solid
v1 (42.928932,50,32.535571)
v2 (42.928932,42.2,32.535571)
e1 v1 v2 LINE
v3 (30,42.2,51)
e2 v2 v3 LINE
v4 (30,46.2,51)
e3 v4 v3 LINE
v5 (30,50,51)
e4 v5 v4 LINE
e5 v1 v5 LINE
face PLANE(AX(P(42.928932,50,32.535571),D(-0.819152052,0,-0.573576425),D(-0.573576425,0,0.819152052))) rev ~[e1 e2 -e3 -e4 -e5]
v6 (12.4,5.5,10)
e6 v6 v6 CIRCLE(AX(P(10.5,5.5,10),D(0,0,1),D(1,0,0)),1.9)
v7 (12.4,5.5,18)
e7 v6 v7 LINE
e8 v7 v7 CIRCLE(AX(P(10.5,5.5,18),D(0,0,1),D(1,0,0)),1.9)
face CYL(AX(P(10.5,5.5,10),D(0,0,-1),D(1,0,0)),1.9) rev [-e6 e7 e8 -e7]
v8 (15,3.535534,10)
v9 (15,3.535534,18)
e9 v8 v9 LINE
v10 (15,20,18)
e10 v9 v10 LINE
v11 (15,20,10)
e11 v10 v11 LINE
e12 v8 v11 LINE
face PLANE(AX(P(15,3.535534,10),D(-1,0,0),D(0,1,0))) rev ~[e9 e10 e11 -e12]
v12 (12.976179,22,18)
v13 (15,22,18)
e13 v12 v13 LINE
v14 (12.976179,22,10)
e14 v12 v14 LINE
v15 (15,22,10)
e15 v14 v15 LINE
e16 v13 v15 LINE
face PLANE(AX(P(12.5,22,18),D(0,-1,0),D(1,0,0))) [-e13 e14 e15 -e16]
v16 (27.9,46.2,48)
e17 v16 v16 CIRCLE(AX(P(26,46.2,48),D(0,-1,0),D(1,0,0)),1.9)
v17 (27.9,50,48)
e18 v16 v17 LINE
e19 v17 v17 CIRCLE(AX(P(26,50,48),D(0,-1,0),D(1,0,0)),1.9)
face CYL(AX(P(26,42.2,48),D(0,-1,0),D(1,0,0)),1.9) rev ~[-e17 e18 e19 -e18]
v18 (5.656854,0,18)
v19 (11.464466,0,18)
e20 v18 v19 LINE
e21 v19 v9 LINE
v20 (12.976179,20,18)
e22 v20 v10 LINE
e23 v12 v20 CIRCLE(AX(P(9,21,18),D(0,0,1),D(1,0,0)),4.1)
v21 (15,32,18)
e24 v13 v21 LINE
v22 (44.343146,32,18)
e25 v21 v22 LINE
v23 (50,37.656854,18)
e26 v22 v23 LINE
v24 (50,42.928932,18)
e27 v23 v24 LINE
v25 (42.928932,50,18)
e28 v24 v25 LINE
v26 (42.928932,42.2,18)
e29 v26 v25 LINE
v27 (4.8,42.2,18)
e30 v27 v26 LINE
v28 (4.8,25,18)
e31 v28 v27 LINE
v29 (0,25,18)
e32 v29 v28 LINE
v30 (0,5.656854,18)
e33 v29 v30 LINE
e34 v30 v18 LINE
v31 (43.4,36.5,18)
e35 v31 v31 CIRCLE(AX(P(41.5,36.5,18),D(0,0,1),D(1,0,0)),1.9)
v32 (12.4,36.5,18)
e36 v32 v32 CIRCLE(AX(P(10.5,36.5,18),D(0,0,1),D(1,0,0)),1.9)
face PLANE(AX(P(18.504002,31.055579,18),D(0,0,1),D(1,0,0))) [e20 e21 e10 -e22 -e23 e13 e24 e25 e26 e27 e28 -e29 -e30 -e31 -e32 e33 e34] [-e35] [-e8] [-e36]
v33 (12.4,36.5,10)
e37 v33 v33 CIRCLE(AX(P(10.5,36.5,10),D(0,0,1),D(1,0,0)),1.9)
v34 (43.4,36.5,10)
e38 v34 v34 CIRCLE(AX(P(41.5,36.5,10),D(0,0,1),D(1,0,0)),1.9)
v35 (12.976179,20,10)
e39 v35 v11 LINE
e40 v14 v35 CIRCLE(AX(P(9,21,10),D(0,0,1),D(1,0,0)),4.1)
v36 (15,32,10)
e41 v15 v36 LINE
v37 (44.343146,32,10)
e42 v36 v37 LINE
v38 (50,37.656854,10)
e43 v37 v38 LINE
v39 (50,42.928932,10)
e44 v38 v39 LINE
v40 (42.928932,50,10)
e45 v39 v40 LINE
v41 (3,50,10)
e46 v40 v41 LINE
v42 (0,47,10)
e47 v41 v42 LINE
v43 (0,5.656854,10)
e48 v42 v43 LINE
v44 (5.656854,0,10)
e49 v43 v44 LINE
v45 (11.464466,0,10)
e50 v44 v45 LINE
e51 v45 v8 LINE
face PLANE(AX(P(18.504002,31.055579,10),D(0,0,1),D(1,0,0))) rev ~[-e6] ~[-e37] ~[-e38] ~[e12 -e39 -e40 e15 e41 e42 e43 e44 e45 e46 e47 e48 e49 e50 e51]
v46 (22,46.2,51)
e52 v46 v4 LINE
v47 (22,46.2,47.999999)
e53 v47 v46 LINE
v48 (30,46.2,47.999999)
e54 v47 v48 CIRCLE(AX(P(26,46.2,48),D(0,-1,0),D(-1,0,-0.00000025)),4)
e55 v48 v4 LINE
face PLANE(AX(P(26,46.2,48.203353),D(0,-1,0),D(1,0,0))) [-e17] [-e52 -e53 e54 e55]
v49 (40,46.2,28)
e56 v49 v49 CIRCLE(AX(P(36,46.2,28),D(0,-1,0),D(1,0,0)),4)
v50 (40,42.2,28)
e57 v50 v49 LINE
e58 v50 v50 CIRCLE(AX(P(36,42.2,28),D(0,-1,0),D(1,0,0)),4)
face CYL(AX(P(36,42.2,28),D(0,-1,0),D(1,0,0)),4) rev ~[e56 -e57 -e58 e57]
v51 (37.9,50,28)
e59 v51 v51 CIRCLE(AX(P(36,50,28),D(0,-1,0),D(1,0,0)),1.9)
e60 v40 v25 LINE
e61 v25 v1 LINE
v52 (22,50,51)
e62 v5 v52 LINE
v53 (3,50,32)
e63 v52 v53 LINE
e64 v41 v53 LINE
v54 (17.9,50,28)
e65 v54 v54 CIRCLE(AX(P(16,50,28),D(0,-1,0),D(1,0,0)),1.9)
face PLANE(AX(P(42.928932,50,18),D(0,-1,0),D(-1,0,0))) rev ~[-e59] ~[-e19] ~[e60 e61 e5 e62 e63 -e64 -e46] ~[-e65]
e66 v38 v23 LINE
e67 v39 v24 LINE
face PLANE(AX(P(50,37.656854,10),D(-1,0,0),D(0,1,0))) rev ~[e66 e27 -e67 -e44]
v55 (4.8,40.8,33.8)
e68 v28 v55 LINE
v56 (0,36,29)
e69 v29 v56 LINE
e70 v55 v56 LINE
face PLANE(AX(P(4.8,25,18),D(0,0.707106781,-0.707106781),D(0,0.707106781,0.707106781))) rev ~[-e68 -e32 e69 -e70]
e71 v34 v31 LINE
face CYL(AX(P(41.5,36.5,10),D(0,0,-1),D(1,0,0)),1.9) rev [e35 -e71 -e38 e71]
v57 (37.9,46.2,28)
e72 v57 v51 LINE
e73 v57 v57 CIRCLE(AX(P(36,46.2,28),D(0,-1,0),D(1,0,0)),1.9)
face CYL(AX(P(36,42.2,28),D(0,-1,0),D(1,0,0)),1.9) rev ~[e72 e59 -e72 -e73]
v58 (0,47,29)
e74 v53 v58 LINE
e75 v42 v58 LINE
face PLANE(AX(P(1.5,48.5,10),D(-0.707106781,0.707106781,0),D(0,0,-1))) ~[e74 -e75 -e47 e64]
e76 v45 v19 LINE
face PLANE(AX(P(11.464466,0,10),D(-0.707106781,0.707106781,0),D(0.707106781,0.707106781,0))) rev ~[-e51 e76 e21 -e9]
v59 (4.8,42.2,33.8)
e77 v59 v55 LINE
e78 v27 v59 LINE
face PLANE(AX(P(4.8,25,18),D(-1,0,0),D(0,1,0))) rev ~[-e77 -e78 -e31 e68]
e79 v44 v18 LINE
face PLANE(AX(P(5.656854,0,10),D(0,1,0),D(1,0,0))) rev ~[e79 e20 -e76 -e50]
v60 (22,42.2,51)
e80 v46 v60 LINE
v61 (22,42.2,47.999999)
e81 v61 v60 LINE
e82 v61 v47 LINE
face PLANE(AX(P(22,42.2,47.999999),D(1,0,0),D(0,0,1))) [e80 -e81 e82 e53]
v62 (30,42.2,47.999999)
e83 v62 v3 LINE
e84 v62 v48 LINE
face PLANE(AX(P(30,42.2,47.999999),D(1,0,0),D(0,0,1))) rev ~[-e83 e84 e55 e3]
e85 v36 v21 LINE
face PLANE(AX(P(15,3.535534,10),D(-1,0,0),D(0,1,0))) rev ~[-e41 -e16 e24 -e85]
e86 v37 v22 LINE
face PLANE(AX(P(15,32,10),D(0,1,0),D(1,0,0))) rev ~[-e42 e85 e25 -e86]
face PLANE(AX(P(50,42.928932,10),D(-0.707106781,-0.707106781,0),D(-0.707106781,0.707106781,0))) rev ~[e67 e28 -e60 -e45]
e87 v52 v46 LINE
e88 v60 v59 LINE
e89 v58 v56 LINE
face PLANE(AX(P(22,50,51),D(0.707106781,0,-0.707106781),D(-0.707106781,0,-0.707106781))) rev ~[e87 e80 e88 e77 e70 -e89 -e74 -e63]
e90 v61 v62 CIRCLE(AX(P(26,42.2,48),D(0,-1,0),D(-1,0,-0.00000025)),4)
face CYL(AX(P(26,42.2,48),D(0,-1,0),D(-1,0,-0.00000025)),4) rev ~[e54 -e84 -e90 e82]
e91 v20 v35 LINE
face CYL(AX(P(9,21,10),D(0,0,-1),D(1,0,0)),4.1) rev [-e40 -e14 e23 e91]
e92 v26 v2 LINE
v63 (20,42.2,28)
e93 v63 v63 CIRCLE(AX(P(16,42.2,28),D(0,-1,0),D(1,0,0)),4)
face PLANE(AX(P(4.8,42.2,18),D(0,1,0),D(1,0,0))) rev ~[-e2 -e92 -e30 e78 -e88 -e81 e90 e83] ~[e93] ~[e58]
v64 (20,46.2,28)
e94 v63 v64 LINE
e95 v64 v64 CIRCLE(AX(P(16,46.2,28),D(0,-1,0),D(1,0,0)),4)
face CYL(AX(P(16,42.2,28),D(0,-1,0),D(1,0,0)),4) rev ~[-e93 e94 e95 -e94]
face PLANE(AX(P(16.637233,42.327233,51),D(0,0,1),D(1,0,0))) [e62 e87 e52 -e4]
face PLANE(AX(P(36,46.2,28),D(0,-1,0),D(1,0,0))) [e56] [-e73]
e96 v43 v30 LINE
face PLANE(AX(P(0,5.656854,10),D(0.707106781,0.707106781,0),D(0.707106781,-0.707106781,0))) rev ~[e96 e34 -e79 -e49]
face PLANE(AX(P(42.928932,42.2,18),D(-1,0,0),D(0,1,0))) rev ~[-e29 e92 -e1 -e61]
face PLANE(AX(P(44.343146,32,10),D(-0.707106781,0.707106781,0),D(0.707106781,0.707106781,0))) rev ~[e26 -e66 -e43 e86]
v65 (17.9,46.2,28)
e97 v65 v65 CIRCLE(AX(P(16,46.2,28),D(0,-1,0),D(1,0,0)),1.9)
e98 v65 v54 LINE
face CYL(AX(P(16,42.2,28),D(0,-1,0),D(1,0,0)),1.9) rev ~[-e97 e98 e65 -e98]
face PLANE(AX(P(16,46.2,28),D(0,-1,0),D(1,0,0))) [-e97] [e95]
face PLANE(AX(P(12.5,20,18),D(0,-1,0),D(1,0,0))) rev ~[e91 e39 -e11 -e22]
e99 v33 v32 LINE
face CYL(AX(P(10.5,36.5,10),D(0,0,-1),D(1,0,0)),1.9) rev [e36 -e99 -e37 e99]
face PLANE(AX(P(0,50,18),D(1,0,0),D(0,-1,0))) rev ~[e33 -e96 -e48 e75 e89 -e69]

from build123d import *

# Parameters (mm, degrees)
SKETCH_R        = 1.9
SKETCH_R_2      = 4.1
PAD_DEPTH       = 8
PAD001_DEPTH    = 33
SKETCH002_R     = 1.9
POCKET_DEPTH    = 7.801
POCKET001_DEPTH = 5
POCKET002_DEPTH = 50.001
CHAMFER_SIZE    = 3
SKETCH005_R     = 4
POCKET003_DEPTH = 4
SKETCH006_W     = 2.5
SKETCH006_H     = 2
POCKET004_DEPTH = 8.001


with BuildPart() as part:
    # Sketch → Pad (new body)
    with BuildSketch(Plane.XY.offset(10)):
        Polygon((0, 50), (0, 5.656854), (5.656854, 0), (11.464466, 0), (15, 3.535534), (15, 32), (44.343146, 32), (50, 37.656854), (50, 42.928932), (42.928932, 50), align=None)
        with Locations((41.5, 36.5)):
            Circle(SKETCH_R, mode=Mode.SUBTRACT)
        with Locations((10.5, 36.5)):
            Circle(SKETCH_R, mode=Mode.SUBTRACT)
        with Locations((10.5, 5.5)):
            Circle(SKETCH_R, mode=Mode.SUBTRACT)
        with Locations((9, 21)):
            Circle(SKETCH_R_2, mode=Mode.SUBTRACT)
    extrude(amount=PAD_DEPTH)

    # Sketch001 → Pad001 (new body)
    with BuildSketch(Plane.XY.offset(18)):
        Polygon((42.928932, 50), (0, 50), (0, 25), (4.8, 25), (4.8, 42.2), (42.928932, 42.2), align=None)
    extrude(amount=PAD001_DEPTH)

    # Sketch002 → Pocket (cut, through all)
    with BuildSketch(Plane(origin=(0, 42.2, 10), x_dir=(1, 0, 0), z_dir=(0, -1, 0))):
        with Locations((26, 38)):
            Circle(SKETCH002_R)
        with Locations((16, 18)):
            Circle(SKETCH002_R)
        with Locations((36, 18)):
            Circle(SKETCH002_R)
    extrude(amount=-POCKET_DEPTH, mode=Mode.SUBTRACT)

    # Sketch003 → Pocket001 (cut)
    with BuildSketch(Plane(origin=(4.8, 0, 10), x_dir=(0, 1, 0), z_dir=(1, 0, 0))):
        Polygon((25, 8), (42.2, 25.2), (42.2, 41), (25, 41), align=None)
    extrude(amount=-POCKET001_DEPTH, mode=Mode.SUBTRACT)

    # Sketch004 → Pocket002 (cut, through all)
    with BuildSketch(Plane(origin=(0, 50, 10), x_dir=(-1, 0, 0), z_dir=(0, 1, 0))):
        Polygon((-42.928932, 22.535571), (-30, 41), (-42.928932, 41), align=None)
        Polygon((-22, 41), (0, 19), (0, 41), align=None)
    extrude(amount=-POCKET002_DEPTH, mode=Mode.SUBTRACT)

    # Chamfer
    chamfer_edges = [part.edges().sort_by_distance(p)[0] for p in [
        (0, 50, 23.5),
    ]]
    chamfer(chamfer_edges, length=CHAMFER_SIZE)

    # Sketch005 → Pocket003 (cut)
    with BuildSketch(Plane(origin=(0, 42.2, 10), x_dir=(1, 0, 0), z_dir=(0, -1, 0))):
        with Locations((16, 18)):
            Circle(SKETCH005_R)
        with Locations((36, 18)):
            Circle(SKETCH005_R)
        with BuildLine():
            ThreePointArc((22, 37.999999), (26, 34), (30, 37.999999))
            Line((30, 37.999999), (30, 41))
            Line((22, 41), (30, 41))
            Line((22, 37.999999), (22, 41))
        make_face()
    extrude(amount=-POCKET003_DEPTH, mode=Mode.SUBTRACT)

    # Sketch006 → Pocket004 (cut, through all)
    with BuildSketch(Plane.XY.offset(18)):
        with Locations((13.75, 21)):
            Rectangle(SKETCH006_W, SKETCH006_H)
    extrude(amount=-POCKET004_DEPTH, mode=Mode.SUBTRACT)


solid = part.part
